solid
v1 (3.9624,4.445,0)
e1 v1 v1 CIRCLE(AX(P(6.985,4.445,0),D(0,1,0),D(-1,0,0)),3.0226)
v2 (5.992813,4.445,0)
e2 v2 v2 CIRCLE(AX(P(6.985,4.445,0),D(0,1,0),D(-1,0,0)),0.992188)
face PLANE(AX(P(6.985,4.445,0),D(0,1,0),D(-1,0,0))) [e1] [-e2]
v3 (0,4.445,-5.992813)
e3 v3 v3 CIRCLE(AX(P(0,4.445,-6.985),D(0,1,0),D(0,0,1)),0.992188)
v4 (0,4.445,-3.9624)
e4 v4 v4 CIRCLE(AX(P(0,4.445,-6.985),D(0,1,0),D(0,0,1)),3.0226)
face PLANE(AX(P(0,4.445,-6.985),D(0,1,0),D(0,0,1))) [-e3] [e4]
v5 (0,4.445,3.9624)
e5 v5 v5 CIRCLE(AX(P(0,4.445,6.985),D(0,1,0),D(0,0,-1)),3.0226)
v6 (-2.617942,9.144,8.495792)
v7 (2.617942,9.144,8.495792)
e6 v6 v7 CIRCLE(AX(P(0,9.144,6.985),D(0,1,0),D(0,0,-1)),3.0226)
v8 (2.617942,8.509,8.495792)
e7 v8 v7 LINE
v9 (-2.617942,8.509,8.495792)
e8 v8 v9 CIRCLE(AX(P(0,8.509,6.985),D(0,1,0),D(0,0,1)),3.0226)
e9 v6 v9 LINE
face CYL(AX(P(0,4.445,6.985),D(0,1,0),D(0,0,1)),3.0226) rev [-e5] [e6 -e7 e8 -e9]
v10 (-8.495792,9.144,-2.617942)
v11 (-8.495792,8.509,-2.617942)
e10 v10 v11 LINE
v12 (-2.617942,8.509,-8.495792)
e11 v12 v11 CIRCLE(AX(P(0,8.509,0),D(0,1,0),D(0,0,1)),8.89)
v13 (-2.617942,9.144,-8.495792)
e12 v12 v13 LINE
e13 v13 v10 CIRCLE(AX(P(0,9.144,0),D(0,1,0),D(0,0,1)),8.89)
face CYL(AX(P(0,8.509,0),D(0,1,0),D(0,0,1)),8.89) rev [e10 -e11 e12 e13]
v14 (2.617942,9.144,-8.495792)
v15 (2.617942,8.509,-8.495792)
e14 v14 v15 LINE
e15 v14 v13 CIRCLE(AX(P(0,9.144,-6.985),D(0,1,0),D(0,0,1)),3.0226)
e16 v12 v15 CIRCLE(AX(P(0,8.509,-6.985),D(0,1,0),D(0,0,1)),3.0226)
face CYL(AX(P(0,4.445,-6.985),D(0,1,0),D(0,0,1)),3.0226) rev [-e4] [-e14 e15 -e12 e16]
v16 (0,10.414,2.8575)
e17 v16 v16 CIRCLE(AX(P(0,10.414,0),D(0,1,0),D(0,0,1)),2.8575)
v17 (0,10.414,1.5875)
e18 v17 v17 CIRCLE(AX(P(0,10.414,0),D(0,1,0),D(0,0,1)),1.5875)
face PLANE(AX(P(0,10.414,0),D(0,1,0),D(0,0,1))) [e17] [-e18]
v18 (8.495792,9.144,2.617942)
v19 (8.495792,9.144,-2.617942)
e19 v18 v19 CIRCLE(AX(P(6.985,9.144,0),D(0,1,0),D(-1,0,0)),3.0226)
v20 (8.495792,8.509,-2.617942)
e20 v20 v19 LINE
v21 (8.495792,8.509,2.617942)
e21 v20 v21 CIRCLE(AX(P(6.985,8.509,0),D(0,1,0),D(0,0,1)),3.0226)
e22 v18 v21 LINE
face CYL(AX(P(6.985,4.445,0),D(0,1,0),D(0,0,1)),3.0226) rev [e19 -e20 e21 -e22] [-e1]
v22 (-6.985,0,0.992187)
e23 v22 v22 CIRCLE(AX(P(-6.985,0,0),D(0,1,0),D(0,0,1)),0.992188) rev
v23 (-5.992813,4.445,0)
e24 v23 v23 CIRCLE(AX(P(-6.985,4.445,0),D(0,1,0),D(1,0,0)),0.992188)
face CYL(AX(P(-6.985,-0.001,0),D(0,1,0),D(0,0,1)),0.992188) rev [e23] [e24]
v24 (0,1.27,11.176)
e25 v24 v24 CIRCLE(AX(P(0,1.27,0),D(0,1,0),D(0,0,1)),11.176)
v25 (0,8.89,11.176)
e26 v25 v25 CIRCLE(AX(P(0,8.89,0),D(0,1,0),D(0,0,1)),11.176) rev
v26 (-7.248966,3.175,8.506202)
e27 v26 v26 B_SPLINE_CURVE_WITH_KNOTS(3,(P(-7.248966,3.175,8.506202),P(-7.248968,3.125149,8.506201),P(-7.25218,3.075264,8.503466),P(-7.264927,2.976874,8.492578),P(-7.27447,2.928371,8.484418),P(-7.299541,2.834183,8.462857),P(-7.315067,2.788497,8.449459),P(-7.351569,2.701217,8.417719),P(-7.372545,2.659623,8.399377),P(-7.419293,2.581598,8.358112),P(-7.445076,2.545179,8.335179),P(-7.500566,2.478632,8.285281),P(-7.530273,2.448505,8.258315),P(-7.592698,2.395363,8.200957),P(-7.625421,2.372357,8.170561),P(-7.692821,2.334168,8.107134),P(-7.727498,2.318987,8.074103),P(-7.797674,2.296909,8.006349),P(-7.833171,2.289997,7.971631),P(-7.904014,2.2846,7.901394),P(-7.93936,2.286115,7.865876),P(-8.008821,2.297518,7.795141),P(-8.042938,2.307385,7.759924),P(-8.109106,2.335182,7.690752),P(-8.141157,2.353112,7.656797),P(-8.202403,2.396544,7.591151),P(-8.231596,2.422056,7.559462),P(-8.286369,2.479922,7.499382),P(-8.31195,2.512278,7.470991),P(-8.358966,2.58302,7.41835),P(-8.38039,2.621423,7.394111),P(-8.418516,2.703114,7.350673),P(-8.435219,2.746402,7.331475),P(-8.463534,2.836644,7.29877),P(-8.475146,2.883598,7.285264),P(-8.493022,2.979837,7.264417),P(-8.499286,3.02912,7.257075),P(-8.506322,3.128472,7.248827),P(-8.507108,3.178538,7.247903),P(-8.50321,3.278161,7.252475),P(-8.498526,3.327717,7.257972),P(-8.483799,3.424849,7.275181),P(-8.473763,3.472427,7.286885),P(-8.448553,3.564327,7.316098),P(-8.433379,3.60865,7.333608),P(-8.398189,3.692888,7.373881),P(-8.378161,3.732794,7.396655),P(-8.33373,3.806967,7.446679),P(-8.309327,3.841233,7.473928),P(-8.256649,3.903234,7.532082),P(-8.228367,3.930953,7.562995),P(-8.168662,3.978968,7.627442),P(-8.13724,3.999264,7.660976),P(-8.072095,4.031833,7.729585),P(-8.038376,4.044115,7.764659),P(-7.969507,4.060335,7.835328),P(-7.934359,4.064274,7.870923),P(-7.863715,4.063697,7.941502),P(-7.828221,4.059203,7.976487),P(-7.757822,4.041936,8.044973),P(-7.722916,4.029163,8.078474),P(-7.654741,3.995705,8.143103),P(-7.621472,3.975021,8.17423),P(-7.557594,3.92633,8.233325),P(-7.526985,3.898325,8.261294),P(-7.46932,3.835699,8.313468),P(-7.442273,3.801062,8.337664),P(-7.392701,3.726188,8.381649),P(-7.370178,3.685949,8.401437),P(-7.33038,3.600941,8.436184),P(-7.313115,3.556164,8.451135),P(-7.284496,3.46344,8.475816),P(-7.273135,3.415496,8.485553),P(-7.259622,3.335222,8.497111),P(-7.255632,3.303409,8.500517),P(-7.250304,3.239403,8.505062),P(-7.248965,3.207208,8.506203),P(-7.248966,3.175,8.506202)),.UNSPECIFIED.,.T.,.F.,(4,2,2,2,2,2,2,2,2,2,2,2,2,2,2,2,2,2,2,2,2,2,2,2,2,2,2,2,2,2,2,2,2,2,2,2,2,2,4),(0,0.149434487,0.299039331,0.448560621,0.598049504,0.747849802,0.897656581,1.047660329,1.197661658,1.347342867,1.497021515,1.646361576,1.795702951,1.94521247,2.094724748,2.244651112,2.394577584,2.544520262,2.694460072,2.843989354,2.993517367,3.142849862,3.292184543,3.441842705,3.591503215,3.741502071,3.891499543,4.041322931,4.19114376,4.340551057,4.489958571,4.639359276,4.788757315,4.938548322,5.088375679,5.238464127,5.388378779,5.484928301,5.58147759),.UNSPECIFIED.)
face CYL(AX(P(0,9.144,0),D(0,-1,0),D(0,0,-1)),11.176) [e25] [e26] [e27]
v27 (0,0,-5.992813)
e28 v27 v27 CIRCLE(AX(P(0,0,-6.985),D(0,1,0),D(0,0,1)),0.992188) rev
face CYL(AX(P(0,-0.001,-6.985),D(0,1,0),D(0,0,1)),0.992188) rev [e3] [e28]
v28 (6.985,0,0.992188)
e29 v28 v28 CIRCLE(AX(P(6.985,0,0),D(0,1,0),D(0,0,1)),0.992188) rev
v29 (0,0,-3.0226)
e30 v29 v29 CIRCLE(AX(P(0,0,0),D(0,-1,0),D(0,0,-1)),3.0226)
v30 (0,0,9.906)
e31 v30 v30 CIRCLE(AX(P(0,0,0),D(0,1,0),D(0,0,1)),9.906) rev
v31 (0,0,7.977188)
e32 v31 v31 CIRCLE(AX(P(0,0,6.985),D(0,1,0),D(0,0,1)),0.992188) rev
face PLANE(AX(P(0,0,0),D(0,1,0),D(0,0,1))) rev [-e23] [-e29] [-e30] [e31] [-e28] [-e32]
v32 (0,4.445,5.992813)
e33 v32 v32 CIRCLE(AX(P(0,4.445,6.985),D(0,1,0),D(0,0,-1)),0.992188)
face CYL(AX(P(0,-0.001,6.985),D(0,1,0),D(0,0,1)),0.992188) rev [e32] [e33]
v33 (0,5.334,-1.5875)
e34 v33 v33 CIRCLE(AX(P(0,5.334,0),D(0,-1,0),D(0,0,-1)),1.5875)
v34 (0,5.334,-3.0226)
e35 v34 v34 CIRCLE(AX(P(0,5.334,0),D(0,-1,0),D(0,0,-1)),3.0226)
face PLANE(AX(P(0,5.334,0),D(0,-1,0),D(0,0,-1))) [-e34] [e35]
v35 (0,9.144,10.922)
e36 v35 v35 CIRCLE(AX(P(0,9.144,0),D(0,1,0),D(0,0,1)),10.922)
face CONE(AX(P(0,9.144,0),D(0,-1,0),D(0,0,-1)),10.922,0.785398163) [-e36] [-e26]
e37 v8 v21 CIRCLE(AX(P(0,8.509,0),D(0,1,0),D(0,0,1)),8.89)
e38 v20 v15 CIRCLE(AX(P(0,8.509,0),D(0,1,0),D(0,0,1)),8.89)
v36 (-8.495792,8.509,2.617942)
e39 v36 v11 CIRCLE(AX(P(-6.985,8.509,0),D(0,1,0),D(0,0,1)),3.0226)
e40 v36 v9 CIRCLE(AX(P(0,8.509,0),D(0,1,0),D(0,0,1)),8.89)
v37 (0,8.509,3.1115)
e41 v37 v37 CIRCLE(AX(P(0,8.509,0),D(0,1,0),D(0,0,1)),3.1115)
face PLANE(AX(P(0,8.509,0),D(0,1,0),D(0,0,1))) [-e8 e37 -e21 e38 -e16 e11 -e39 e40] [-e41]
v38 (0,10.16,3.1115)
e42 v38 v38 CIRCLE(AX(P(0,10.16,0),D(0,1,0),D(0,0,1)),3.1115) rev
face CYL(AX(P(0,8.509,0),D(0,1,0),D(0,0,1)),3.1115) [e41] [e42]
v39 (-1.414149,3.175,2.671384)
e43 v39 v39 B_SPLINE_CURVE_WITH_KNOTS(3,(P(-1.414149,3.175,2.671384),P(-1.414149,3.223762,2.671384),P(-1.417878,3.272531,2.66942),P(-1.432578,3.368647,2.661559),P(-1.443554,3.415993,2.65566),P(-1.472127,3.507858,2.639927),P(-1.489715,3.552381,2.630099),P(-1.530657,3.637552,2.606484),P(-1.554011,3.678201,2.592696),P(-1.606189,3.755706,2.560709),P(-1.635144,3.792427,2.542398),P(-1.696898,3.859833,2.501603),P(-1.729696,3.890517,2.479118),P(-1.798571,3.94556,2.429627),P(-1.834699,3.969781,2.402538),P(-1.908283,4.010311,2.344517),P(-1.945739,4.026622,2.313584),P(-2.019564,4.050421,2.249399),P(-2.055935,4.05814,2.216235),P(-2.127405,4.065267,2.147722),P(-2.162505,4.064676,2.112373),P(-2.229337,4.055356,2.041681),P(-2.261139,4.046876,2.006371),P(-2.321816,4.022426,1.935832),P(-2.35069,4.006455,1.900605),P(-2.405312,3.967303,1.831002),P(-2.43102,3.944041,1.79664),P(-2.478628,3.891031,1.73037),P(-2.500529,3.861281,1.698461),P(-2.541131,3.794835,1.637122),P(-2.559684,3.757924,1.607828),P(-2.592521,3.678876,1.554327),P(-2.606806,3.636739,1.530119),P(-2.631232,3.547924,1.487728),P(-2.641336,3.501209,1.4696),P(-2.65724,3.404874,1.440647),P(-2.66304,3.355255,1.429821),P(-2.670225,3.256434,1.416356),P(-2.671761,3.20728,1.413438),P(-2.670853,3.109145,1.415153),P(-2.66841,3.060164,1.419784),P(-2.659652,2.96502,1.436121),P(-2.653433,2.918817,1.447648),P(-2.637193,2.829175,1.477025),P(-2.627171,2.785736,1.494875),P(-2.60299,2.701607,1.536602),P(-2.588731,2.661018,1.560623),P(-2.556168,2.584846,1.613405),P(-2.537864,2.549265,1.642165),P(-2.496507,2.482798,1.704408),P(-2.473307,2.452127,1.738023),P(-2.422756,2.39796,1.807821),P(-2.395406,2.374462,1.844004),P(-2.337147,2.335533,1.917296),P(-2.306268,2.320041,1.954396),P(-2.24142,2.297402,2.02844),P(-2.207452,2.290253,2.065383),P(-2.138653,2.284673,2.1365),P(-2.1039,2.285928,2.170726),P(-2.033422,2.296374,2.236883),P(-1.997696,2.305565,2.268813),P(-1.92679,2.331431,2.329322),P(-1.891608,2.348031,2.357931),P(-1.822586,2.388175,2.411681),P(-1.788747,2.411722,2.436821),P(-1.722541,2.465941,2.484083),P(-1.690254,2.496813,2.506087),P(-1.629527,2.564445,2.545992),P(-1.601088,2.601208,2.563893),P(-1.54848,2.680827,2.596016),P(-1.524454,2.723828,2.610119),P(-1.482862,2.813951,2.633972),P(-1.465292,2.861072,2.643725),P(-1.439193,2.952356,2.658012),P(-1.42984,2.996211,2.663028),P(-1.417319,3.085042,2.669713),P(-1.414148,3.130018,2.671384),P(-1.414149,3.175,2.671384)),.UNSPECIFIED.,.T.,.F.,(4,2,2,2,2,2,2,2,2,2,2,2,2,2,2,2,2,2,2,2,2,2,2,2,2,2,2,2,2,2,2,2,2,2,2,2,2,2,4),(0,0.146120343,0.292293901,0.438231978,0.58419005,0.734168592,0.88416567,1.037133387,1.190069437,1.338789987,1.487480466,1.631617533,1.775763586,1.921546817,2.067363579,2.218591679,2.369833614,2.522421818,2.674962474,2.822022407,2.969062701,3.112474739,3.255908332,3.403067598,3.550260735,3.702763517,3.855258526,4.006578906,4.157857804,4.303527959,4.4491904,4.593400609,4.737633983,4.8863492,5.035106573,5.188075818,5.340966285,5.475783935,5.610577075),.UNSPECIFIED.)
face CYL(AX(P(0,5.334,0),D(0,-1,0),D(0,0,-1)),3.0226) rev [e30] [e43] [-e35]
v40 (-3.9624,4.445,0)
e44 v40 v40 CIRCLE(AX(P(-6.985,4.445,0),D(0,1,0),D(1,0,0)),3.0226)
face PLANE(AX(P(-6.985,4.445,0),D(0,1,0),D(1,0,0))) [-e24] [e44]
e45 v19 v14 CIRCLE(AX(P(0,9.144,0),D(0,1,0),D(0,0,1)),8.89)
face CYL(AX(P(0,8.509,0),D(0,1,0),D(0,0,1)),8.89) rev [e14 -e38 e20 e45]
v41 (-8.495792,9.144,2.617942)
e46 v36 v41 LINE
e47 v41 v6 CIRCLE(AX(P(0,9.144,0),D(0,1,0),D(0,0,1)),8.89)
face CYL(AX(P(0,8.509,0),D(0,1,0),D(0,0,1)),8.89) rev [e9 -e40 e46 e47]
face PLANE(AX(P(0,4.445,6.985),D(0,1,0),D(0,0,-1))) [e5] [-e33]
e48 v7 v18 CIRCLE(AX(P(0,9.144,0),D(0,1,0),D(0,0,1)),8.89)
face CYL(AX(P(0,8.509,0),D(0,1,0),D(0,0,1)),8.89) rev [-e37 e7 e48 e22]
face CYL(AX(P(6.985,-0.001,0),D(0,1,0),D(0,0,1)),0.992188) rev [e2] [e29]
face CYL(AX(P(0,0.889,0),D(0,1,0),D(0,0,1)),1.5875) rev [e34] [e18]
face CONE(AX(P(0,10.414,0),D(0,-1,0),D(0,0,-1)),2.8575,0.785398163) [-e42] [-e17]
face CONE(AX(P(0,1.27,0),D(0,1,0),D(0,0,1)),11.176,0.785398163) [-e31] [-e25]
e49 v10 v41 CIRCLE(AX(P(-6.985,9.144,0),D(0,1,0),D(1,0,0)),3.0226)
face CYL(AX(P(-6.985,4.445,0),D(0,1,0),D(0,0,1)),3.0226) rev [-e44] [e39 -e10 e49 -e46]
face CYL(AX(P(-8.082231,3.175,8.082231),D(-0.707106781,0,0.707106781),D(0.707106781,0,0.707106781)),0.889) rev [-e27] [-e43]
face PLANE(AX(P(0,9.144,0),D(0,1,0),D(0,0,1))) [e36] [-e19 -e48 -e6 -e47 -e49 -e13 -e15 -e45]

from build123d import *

# Parameters (mm, degrees)
SKETCH2_R                 = 11.176
BOSS_EXTRUDE1_DEPTH       = 9.144
SKETCH3_R                 = 8.89
SKETCH3_R_2               = 3.1115
CUT_EXTRUDE1_DEPTH        = 0.635
SKETCH4_R                 = 3.0226
CUT_EXTRUDE2_DEPTH        = 5.334
SKETCH6_R                 = 3.0226
CUT_EXTRUDE4_DEPTH        = 4.699
CIRPATTERN5_COUNT         = 4
SKETCH7_R                 = 1.5875
CUT_EXTRUDE5_DEPTH        = 8.255
CHAMFER1_SIZE             = 0.254
CHAMFER2_SIZE             = 1.27
CUT_EXTRUDE6_REACH        = 18.489
SKETCH8_R                 = 0.9921875
CIRPATTERN6_COUNT         = 4
BOSS_EXTRUDE2_START       = 1.27
SKETCH10_R                = 3.1115
SKETCH10_R_2              = 1.5875
BOSS_EXTRUDE2_DEPTH       = 1.27
CHAMFER3_SIZE             = 0.254
F_2_56_TAPPED_HOLE3_D     = 1.778
F_2_56_TAPPED_HOLE3_DEPTH = 11.43
F_2_56_TAPPED_HOLE3_TIP   = 0.53416509


with BuildPart() as part:
    # Sketch2 → Boss-Extrude1 (new body)
    with BuildSketch(Plane(origin=(0, 0, 0), x_dir=(1, 0, 0), z_dir=(0, 1, 0))):
        Circle(SKETCH2_R)
    extrude(amount=BOSS_EXTRUDE1_DEPTH)

    # Sketch3 → Cut-Extrude1 (cut)
    with BuildSketch(Plane(origin=(0, 9.144, 0), x_dir=(1, 0, 0), z_dir=(0, 1, 0))):
        Circle(SKETCH3_R)
        Circle(SKETCH3_R_2, mode=Mode.SUBTRACT)
    extrude(amount=-CUT_EXTRUDE1_DEPTH, mode=Mode.SUBTRACT)

    # Sketch4 → Cut-Extrude2 (cut)
    with BuildSketch(Plane(origin=(0, 0, 0), x_dir=(-1, 0, 0), z_dir=(0, -1, 0))):
        Circle(SKETCH4_R)
    extrude(amount=-CUT_EXTRUDE2_DEPTH, mode=Mode.SUBTRACT)

    # Sketch6 → Cut-Extrude4 (cut)
    with BuildSketch(Plane(origin=(0, 9.144, 0), x_dir=(1, 0, 0), z_dir=(0, 1, 0))):
        with Locations((0, 6.985)):
            Circle(SKETCH6_R)
    cut_extrude4 = extrude(amount=-CUT_EXTRUDE4_DEPTH, mode=Mode.SUBTRACT)

    # CirPattern5: Cut-Extrude4 ×4 about axis
    cirpattern5_axis = Axis((0, 5.334, 0), (0, -1, 0))
    for i in range(1, CIRPATTERN5_COUNT):
        add(cut_extrude4.rotate(cirpattern5_axis, i * 360 / CIRPATTERN5_COUNT), mode=Mode.SUBTRACT)

    # Sketch7 → Cut-Extrude5 (cut)
    with BuildSketch(Plane(origin=(0, 9.144, 0), x_dir=(1, 0, 0), z_dir=(0, 1, 0))):
        Circle(SKETCH7_R)
    extrude(amount=-CUT_EXTRUDE5_DEPTH, mode=Mode.SUBTRACT)

    # Chamfer1
    chamfer1_edges = [part.edges().sort_by_distance(p)[0] for p in [
        (-11.176, 9.144, 0),
    ]]
    chamfer(chamfer1_edges, length=CHAMFER1_SIZE)

    # Chamfer2
    chamfer2_edges = [part.edges().sort_by_distance(p)[0] for p in [
        (-11.176, 0, 0),
    ]]
    chamfer(chamfer2_edges, length=CHAMFER2_SIZE)

    # Sketch8 → Cut-Extrude6 (cut, up to next)
    with BuildSketch(Plane(origin=(0, 4.445, 0), x_dir=(1, 0, 0), z_dir=(0, 1, 0)), mode=Mode.PRIVATE) as cut_extrude6_sk1:
        with Locations((0, 6.985)):
            Circle(SKETCH8_R)
    cut_extrude6_tool1 = extrude(cut_extrude6_sk1.sketch, amount=-CUT_EXTRUDE6_REACH, mode=Mode.PRIVATE) & part.part
    cut_extrude6 = cut_extrude6_tool1.solids().sort_by_distance((0, 4.445, -6.985))[0]
    add(cut_extrude6, mode=Mode.SUBTRACT)

    # CirPattern6: Cut-Extrude6 ×4 about axis
    cirpattern6_axis = Axis((0, 9.144, 0), (0, -1, 0))
    for i in range(1, CIRPATTERN6_COUNT):
        add(cut_extrude6.rotate(cirpattern6_axis, i * 360 / CIRPATTERN6_COUNT), mode=Mode.SUBTRACT)

    # Sketch10 → Boss-Extrude2 (add)
    with BuildSketch(Plane(origin=(0, 9.144, 0), x_dir=(1, 0, 0), z_dir=(0, 1, 0)).offset(BOSS_EXTRUDE2_START)):
        Circle(SKETCH10_R)
        Circle(SKETCH10_R_2, mode=Mode.SUBTRACT)
    extrude(amount=-BOSS_EXTRUDE2_DEPTH)

    # Chamfer3
    chamfer3_edges = [part.edges().sort_by_distance(p)[0] for p in [
        (-3.1115, 10.414, 0),
    ]]
    chamfer(chamfer3_edges, length=CHAMFER3_SIZE)

    # #2-56 Tapped Hole3
    with Locations(Plane(origin=(-8.082230509, 0, 8.082230509), x_dir=(0, -1, 0), z_dir=(-0.7071067811865488, 0, 0.7071067811865464))):
        with Locations((-3.175, 0)):
            Hole(F_2_56_TAPPED_HOLE3_D / 2, depth=F_2_56_TAPPED_HOLE3_DEPTH)
            with Locations((0, 0, -(F_2_56_TAPPED_HOLE3_DEPTH + F_2_56_TAPPED_HOLE3_TIP / 2))):  # 118° drill point
                Cone(0, F_2_56_TAPPED_HOLE3_D / 2, F_2_56_TAPPED_HOLE3_TIP, mode=Mode.SUBTRACT)


solid = part.part
